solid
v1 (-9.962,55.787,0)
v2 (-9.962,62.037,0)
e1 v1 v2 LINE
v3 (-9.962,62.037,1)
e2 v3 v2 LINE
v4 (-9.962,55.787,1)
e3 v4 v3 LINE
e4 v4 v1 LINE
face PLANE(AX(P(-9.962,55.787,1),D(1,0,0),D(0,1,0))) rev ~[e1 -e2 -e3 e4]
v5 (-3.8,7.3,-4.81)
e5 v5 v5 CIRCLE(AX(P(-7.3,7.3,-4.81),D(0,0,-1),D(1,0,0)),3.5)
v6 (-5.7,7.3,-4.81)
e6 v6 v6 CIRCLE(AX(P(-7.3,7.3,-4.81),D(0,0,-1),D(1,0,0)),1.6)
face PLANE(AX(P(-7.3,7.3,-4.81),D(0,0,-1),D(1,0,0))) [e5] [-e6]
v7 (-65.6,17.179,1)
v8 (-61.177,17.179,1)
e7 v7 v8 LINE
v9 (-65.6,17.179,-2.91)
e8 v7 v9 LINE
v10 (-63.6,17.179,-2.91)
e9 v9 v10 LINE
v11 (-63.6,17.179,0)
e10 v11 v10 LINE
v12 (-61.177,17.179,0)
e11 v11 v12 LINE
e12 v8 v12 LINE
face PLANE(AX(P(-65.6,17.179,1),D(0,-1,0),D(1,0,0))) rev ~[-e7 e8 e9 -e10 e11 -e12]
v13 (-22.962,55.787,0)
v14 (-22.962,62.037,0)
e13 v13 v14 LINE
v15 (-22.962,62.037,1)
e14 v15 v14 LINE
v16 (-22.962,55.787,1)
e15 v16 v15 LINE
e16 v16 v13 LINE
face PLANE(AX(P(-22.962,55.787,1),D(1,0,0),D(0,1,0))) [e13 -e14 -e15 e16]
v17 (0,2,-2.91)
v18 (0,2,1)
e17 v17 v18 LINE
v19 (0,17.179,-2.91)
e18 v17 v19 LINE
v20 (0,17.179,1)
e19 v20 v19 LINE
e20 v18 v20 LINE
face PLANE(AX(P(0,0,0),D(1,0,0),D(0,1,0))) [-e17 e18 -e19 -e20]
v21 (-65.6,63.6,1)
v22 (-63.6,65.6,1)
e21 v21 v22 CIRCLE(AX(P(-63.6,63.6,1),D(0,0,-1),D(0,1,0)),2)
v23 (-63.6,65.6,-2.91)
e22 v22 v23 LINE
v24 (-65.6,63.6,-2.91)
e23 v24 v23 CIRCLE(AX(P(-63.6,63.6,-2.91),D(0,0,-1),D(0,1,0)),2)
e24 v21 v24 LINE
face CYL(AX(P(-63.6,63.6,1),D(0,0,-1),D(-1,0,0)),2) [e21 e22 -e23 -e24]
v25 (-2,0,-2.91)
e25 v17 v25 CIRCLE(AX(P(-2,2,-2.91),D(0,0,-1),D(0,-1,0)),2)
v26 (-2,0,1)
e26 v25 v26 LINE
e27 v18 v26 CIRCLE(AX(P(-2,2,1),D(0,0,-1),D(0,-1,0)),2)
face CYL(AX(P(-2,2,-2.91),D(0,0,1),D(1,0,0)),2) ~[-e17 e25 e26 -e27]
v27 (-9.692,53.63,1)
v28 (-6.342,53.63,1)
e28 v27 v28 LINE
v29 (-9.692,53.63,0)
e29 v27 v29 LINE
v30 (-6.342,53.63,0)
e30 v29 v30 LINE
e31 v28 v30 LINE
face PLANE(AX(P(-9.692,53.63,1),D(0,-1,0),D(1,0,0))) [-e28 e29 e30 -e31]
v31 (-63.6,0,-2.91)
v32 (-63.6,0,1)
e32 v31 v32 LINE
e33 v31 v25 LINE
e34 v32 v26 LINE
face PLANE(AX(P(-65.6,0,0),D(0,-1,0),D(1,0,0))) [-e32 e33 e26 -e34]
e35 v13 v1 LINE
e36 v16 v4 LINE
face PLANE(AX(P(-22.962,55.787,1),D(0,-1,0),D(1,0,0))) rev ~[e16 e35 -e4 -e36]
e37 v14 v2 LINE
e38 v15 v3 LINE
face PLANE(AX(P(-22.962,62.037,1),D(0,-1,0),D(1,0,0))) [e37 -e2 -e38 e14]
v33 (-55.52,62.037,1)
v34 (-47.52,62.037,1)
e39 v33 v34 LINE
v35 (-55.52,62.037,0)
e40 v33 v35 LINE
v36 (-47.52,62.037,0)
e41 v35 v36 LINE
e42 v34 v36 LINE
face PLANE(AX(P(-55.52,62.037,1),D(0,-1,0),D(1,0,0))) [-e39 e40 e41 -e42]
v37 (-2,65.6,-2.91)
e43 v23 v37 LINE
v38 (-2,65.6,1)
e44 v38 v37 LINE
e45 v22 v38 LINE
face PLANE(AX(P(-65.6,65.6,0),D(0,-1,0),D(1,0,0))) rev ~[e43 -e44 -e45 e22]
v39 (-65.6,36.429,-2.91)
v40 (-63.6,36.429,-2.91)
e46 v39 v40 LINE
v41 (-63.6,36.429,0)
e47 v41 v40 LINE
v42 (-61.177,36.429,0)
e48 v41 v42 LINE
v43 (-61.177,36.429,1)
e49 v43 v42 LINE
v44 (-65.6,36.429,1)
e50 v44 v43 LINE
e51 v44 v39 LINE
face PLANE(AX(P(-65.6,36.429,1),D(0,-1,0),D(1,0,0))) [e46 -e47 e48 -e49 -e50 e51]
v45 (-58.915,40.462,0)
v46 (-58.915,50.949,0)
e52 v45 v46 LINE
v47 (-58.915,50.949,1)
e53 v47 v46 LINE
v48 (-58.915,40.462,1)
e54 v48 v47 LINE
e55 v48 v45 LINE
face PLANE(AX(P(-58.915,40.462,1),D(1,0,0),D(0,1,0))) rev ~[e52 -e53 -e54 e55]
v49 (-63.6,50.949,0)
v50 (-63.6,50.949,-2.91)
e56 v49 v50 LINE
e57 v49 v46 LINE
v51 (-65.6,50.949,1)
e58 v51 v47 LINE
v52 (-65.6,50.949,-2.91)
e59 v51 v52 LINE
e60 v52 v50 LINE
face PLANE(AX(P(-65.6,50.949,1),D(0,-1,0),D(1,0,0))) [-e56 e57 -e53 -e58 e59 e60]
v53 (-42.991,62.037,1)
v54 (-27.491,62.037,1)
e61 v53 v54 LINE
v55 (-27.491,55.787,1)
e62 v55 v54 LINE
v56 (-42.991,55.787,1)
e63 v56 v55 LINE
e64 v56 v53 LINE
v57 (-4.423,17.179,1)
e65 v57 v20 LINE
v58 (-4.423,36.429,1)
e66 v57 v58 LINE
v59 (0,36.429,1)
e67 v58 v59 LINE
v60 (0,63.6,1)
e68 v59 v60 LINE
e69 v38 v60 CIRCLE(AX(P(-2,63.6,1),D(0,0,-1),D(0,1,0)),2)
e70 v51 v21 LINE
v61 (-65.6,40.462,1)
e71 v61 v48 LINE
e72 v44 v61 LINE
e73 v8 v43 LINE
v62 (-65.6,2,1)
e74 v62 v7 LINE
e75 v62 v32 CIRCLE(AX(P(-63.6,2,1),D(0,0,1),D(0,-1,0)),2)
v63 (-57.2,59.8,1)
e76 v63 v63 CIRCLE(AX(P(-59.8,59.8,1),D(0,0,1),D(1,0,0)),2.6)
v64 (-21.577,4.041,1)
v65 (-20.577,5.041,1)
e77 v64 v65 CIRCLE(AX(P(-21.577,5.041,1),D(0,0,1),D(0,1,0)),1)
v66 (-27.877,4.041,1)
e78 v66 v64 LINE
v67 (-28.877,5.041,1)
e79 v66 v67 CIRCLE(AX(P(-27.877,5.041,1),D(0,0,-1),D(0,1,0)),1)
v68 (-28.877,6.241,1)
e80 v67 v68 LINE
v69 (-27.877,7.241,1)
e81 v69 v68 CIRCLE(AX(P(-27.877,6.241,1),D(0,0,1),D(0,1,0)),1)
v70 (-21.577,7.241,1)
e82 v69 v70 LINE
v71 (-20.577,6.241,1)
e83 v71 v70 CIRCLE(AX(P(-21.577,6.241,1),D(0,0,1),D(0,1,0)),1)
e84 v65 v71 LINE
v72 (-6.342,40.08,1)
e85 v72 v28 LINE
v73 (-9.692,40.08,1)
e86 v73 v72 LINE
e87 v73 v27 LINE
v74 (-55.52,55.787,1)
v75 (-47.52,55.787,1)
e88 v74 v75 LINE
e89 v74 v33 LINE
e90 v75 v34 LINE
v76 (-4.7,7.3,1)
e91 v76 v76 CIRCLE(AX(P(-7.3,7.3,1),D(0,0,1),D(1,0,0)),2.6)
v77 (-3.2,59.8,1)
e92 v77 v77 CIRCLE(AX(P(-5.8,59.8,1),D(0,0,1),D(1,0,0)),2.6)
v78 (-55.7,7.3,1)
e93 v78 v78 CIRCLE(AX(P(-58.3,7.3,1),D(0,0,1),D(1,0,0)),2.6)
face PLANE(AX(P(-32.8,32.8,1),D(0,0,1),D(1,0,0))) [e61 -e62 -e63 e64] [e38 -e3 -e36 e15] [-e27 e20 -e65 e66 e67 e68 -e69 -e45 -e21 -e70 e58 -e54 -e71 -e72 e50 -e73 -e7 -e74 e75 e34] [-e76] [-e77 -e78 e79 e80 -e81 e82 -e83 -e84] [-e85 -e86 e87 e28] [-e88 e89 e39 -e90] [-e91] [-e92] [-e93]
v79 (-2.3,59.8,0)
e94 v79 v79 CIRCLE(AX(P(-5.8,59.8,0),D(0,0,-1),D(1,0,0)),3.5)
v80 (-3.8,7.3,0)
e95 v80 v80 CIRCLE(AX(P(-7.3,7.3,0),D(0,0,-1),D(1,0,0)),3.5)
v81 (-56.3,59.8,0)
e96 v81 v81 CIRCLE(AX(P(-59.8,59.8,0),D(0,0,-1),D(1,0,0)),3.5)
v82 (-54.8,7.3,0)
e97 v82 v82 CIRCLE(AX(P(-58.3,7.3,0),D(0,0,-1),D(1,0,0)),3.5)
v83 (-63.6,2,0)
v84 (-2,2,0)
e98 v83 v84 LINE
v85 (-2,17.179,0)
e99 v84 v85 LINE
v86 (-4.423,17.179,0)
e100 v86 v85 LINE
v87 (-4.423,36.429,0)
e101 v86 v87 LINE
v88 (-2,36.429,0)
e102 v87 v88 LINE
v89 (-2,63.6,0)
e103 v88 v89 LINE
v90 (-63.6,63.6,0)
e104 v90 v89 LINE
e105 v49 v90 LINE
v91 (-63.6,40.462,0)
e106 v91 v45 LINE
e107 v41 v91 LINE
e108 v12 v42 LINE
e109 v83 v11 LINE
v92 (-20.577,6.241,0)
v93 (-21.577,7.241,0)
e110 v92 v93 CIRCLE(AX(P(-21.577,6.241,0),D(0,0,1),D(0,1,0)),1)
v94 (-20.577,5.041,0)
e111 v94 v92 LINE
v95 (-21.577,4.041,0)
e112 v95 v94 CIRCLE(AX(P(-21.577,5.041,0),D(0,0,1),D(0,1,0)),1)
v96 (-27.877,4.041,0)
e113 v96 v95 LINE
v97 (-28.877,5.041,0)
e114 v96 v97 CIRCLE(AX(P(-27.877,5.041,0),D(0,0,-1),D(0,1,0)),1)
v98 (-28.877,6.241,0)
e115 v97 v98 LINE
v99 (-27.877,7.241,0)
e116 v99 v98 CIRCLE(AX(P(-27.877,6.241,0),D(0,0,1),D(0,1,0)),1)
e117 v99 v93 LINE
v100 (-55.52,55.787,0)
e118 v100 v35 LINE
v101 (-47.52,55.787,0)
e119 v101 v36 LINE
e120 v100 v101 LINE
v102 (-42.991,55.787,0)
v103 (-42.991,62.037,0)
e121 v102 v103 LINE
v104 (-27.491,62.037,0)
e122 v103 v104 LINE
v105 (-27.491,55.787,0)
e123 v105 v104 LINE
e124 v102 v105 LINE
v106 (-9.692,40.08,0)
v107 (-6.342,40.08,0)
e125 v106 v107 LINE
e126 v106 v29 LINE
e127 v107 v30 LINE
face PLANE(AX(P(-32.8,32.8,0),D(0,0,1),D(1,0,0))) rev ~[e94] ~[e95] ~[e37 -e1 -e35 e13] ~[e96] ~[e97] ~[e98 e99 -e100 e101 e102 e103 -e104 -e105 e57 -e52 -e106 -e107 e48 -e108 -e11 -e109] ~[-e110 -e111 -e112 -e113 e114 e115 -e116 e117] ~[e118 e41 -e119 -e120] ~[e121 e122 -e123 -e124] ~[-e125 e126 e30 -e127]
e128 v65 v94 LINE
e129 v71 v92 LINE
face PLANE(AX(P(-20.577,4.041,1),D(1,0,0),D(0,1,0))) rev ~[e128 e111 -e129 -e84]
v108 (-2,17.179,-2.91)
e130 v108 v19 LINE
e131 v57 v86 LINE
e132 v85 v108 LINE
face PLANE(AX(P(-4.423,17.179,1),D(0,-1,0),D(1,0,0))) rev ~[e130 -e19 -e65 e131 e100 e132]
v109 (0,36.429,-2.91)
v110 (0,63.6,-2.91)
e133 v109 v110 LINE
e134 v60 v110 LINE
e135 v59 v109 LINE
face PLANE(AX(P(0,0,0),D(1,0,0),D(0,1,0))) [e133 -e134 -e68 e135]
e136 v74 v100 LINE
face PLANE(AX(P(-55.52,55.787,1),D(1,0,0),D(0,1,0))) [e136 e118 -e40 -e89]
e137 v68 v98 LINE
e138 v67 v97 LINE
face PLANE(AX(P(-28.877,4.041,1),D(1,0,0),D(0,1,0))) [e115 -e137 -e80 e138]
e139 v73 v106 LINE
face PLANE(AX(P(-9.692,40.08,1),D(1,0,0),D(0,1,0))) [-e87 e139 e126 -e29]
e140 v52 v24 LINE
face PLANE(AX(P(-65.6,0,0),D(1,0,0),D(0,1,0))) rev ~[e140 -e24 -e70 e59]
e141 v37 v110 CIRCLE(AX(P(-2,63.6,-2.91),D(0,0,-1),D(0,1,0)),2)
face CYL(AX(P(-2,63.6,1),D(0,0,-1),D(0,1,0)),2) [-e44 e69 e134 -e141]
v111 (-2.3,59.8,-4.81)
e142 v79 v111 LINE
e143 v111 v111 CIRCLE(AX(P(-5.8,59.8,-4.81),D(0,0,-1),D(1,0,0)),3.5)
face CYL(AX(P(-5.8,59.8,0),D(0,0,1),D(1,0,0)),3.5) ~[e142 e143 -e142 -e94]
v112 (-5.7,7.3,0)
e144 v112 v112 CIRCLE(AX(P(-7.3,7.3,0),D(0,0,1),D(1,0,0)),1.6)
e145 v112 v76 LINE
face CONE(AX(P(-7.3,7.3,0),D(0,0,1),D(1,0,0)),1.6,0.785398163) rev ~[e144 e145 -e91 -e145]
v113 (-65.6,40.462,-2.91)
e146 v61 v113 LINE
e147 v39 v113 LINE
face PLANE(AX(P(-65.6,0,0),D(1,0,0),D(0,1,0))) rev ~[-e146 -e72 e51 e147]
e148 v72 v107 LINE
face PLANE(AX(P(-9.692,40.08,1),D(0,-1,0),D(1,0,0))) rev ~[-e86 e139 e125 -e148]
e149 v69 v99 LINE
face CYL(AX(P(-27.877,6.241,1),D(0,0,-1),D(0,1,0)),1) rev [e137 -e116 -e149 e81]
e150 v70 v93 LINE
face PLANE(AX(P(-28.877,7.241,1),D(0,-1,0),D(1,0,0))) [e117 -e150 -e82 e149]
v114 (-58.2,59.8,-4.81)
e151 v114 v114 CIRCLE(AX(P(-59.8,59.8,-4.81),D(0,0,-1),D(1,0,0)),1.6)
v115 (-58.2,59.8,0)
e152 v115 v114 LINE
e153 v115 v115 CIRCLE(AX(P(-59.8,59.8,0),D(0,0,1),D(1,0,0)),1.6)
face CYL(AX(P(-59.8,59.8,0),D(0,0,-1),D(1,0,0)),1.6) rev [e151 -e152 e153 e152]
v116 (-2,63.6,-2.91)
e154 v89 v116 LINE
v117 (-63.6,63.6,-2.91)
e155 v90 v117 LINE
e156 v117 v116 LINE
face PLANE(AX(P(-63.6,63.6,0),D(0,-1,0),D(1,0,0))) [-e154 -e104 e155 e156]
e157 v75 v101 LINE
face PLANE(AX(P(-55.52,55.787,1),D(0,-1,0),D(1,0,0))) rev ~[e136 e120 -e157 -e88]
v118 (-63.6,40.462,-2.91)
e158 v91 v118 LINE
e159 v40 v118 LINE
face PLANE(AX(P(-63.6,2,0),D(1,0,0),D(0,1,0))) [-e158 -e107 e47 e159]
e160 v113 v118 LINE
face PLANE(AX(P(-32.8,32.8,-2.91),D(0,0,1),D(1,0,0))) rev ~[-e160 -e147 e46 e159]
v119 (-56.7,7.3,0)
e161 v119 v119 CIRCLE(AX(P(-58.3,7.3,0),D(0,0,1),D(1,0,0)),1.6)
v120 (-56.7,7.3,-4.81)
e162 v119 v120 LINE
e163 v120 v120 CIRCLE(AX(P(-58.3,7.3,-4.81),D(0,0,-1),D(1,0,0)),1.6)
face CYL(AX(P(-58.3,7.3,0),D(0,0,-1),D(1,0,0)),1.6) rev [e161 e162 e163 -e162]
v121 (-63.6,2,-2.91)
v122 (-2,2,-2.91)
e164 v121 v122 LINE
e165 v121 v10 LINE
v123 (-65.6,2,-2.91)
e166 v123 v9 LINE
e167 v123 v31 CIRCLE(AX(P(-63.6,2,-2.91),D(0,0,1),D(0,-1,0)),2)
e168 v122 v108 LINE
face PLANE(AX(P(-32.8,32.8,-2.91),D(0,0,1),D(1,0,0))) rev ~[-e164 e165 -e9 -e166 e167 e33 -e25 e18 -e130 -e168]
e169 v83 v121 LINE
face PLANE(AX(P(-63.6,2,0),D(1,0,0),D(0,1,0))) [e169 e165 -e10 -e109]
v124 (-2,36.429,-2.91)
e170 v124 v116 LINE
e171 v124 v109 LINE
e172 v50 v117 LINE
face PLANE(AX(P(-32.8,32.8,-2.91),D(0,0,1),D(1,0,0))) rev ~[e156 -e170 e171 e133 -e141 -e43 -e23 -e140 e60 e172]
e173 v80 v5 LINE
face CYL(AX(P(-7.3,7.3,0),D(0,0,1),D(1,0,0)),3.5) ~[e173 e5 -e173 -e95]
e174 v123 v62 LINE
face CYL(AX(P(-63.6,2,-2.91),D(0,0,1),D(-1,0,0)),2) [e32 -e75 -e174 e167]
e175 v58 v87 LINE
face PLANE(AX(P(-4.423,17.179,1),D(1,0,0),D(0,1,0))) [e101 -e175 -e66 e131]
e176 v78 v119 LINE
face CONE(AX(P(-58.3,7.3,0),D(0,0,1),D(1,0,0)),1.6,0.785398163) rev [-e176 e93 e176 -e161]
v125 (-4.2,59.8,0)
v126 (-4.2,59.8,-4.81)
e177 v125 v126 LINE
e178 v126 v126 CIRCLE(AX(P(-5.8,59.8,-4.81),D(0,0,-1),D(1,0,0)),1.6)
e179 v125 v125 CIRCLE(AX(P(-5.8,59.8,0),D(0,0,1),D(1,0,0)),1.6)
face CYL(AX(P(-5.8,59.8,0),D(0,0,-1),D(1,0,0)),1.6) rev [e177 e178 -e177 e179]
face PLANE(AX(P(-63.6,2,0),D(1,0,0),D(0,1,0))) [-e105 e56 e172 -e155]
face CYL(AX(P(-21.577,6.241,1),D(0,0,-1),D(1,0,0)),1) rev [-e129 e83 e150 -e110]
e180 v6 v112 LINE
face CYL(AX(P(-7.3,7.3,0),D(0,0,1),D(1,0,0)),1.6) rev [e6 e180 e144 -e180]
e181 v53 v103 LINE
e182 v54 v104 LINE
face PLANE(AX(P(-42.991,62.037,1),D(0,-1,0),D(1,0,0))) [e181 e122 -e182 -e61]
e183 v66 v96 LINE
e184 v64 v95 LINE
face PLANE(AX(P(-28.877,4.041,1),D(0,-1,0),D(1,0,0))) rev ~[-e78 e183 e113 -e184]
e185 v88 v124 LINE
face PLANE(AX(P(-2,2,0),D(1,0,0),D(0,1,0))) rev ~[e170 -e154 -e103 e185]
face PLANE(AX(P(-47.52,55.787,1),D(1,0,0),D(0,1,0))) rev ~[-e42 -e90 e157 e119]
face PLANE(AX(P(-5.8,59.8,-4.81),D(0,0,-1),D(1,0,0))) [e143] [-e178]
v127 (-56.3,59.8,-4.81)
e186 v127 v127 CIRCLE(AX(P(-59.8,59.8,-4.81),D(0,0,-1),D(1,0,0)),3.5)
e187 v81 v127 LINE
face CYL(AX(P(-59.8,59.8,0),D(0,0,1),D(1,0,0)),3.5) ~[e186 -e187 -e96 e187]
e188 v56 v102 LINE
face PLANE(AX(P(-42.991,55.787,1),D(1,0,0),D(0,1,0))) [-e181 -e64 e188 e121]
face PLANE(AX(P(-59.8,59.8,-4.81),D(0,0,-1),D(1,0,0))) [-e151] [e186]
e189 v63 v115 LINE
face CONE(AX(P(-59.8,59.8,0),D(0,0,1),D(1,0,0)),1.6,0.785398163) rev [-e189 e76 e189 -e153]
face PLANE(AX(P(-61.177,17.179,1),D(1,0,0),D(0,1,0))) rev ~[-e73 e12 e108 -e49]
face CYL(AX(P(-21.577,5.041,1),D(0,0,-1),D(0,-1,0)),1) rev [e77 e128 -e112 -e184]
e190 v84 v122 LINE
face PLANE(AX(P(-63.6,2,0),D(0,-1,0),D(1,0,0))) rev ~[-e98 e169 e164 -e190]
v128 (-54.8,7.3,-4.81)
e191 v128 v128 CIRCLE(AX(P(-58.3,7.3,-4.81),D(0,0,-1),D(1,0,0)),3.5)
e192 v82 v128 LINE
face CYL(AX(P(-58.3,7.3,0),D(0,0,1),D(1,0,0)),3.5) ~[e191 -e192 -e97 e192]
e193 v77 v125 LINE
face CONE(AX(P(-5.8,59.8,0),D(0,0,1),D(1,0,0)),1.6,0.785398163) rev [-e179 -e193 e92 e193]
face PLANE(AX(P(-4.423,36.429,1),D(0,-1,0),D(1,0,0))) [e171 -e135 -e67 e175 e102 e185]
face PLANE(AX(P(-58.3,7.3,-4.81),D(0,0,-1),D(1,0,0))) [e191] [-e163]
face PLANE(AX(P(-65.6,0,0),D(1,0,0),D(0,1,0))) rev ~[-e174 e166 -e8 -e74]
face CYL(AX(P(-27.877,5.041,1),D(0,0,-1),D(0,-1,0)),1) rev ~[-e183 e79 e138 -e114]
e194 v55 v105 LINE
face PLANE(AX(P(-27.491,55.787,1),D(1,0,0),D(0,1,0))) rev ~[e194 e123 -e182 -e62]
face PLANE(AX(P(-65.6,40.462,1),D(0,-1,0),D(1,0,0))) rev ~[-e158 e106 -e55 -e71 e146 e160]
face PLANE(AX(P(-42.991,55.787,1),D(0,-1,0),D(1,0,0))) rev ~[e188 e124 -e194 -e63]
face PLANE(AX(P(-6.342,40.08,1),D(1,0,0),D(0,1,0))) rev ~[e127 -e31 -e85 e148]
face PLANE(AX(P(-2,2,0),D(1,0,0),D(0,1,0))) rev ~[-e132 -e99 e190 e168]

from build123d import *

# Parameters (mm, degrees)
F0_W     = 65.6
F0_H     = 65.6
F0_W_2   = 61.6
F0_H_2   = 61.6
F0_R     = 1.6
F1_DEPTH = 1
F2_DEPTH = 2.91
F3_W     = 4.423
F3_H     = 19.25
F3_W_2   = 6.685
F3_H_2   = 10.487
F3_W_3   = 8
F3_H_3   = 6.25
F3_W_4   = 15.5
F3_W_5   = 13
F3_W_6   = 8.3
F3_H_4   = 3.2
F3_W_7   = 3.35
F3_H_5   = 13.55
F4_DEPTH = 3.911
F5_R     = 1
F6_R     = 2
F7_R     = 3.5
F7_R_2   = 1.6
F8_DEPTH = 4.81
F9_SIZE  = 1


with BuildPart() as f1:
    # F0 (on Top) → F1 (new body)
    with BuildSketch(Plane.XY):
        with Locations((-32.8, 32.8)):
            Rectangle(F0_W, F0_H)
        with Locations((-32.8, 32.8)):
            Rectangle(F0_W_2, F0_H_2, mode=Mode.SUBTRACT)
        with Locations((-32.8, 32.8)):
            Rectangle(F0_W_2, F0_H_2)
        with Locations((-58.3, 7.3)):
            Circle(F0_R, mode=Mode.SUBTRACT)
        with Locations((-7.3, 7.3)):
            Circle(F0_R, mode=Mode.SUBTRACT)
        with Locations((-59.8, 59.8)):
            Circle(F0_R, mode=Mode.SUBTRACT)
        with Locations((-5.8, 59.8)):
            Circle(F0_R, mode=Mode.SUBTRACT)
    extrude(amount=F1_DEPTH)

    # F0 (on Top) → F2 (join)
    with BuildSketch(Plane.XY):
        with Locations((-32.8, 32.8)):
            Rectangle(F0_W, F0_H)
        with Locations((-32.8, 32.8)):
            Rectangle(F0_W_2, F0_H_2, mode=Mode.SUBTRACT)
    extrude(amount=-F2_DEPTH)

    # F3 (on face) → F4 (cut, through all)
    with BuildSketch(Plane.XY.offset(1)):
        with Locations((-63.3885, 26.804)):
            Rectangle(F3_W, F3_H)
        with Locations((-2.2115, 26.804)):
            Rectangle(F3_W, F3_H)
        with Locations((-62.2575, 45.7055)):
            Rectangle(F3_W_2, F3_H_2)
        with Locations((-51.52, 58.912)):
            Rectangle(F3_W_3, F3_H_3)
        with Locations((-35.241, 58.912)):
            Rectangle(F3_W_4, F3_H_3)
        with Locations((-16.462, 58.912)):
            Rectangle(F3_W_5, F3_H_3)
        with Locations((-24.727, 5.641)):
            Rectangle(F3_W_6, F3_H_4)
        with Locations((-8.017, 46.855)):
            Rectangle(F3_W_7, F3_H_5)
    extrude(amount=-F4_DEPTH, mode=Mode.SUBTRACT)

    # F5
    f5_edges = [f1.edges().sort_by_distance(p)[0] for p in [
        (-28.877, 7.241, 0.5),
        (-20.577, 4.041, 0.5),
        (-20.577, 7.241, 0.5),
        (-28.877, 4.041, 0.5),
    ]]
    fillet(f5_edges, radius=F5_R)

    # F6
    f6_edges = [f1.edges().sort_by_distance(p)[0] for p in [
        (-65.6, 0, -0.955),
        (0, 0, -0.955),
        (0, 65.6, -0.955),
        (-65.6, 65.6, -0.955),
    ]]
    fillet(f6_edges, radius=F6_R)

    # F7 (on face) → F8 (join)
    with BuildSketch(Plane(origin=(0, 0, 0), x_dir=(1, 0, 0), z_dir=(0, 0, -1))):
        with Locations((-7.3, -7.3)):
            Circle(F7_R)
        with Locations((-7.3, -7.3)):
            Circle(F7_R_2, mode=Mode.SUBTRACT)
        with Locations((-5.8, -59.8)):
            Circle(F7_R)
        with Locations((-5.8, -59.8)):
            Circle(F7_R_2, mode=Mode.SUBTRACT)
        with Locations((-59.8, -59.8)):
            Circle(F7_R)
        with Locations((-59.8, -59.8)):
            Circle(F7_R_2, mode=Mode.SUBTRACT)
        with Locations((-58.3, -7.3)):
            Circle(F7_R)
        with Locations((-58.3, -7.3)):
            Circle(F7_R_2, mode=Mode.SUBTRACT)
    extrude(amount=F8_DEPTH)

    # F9
    f9_edges = [f1.edges().sort_by_distance(p)[0] for p in [
        (-7.4, 59.8, 1),
        (-8.9, 7.3, 1),
        (-59.9, 7.3, 1),
        (-61.4, 59.8, 1),
    ]]
    chamfer(f9_edges, length=F9_SIZE)


solid = f1.part
